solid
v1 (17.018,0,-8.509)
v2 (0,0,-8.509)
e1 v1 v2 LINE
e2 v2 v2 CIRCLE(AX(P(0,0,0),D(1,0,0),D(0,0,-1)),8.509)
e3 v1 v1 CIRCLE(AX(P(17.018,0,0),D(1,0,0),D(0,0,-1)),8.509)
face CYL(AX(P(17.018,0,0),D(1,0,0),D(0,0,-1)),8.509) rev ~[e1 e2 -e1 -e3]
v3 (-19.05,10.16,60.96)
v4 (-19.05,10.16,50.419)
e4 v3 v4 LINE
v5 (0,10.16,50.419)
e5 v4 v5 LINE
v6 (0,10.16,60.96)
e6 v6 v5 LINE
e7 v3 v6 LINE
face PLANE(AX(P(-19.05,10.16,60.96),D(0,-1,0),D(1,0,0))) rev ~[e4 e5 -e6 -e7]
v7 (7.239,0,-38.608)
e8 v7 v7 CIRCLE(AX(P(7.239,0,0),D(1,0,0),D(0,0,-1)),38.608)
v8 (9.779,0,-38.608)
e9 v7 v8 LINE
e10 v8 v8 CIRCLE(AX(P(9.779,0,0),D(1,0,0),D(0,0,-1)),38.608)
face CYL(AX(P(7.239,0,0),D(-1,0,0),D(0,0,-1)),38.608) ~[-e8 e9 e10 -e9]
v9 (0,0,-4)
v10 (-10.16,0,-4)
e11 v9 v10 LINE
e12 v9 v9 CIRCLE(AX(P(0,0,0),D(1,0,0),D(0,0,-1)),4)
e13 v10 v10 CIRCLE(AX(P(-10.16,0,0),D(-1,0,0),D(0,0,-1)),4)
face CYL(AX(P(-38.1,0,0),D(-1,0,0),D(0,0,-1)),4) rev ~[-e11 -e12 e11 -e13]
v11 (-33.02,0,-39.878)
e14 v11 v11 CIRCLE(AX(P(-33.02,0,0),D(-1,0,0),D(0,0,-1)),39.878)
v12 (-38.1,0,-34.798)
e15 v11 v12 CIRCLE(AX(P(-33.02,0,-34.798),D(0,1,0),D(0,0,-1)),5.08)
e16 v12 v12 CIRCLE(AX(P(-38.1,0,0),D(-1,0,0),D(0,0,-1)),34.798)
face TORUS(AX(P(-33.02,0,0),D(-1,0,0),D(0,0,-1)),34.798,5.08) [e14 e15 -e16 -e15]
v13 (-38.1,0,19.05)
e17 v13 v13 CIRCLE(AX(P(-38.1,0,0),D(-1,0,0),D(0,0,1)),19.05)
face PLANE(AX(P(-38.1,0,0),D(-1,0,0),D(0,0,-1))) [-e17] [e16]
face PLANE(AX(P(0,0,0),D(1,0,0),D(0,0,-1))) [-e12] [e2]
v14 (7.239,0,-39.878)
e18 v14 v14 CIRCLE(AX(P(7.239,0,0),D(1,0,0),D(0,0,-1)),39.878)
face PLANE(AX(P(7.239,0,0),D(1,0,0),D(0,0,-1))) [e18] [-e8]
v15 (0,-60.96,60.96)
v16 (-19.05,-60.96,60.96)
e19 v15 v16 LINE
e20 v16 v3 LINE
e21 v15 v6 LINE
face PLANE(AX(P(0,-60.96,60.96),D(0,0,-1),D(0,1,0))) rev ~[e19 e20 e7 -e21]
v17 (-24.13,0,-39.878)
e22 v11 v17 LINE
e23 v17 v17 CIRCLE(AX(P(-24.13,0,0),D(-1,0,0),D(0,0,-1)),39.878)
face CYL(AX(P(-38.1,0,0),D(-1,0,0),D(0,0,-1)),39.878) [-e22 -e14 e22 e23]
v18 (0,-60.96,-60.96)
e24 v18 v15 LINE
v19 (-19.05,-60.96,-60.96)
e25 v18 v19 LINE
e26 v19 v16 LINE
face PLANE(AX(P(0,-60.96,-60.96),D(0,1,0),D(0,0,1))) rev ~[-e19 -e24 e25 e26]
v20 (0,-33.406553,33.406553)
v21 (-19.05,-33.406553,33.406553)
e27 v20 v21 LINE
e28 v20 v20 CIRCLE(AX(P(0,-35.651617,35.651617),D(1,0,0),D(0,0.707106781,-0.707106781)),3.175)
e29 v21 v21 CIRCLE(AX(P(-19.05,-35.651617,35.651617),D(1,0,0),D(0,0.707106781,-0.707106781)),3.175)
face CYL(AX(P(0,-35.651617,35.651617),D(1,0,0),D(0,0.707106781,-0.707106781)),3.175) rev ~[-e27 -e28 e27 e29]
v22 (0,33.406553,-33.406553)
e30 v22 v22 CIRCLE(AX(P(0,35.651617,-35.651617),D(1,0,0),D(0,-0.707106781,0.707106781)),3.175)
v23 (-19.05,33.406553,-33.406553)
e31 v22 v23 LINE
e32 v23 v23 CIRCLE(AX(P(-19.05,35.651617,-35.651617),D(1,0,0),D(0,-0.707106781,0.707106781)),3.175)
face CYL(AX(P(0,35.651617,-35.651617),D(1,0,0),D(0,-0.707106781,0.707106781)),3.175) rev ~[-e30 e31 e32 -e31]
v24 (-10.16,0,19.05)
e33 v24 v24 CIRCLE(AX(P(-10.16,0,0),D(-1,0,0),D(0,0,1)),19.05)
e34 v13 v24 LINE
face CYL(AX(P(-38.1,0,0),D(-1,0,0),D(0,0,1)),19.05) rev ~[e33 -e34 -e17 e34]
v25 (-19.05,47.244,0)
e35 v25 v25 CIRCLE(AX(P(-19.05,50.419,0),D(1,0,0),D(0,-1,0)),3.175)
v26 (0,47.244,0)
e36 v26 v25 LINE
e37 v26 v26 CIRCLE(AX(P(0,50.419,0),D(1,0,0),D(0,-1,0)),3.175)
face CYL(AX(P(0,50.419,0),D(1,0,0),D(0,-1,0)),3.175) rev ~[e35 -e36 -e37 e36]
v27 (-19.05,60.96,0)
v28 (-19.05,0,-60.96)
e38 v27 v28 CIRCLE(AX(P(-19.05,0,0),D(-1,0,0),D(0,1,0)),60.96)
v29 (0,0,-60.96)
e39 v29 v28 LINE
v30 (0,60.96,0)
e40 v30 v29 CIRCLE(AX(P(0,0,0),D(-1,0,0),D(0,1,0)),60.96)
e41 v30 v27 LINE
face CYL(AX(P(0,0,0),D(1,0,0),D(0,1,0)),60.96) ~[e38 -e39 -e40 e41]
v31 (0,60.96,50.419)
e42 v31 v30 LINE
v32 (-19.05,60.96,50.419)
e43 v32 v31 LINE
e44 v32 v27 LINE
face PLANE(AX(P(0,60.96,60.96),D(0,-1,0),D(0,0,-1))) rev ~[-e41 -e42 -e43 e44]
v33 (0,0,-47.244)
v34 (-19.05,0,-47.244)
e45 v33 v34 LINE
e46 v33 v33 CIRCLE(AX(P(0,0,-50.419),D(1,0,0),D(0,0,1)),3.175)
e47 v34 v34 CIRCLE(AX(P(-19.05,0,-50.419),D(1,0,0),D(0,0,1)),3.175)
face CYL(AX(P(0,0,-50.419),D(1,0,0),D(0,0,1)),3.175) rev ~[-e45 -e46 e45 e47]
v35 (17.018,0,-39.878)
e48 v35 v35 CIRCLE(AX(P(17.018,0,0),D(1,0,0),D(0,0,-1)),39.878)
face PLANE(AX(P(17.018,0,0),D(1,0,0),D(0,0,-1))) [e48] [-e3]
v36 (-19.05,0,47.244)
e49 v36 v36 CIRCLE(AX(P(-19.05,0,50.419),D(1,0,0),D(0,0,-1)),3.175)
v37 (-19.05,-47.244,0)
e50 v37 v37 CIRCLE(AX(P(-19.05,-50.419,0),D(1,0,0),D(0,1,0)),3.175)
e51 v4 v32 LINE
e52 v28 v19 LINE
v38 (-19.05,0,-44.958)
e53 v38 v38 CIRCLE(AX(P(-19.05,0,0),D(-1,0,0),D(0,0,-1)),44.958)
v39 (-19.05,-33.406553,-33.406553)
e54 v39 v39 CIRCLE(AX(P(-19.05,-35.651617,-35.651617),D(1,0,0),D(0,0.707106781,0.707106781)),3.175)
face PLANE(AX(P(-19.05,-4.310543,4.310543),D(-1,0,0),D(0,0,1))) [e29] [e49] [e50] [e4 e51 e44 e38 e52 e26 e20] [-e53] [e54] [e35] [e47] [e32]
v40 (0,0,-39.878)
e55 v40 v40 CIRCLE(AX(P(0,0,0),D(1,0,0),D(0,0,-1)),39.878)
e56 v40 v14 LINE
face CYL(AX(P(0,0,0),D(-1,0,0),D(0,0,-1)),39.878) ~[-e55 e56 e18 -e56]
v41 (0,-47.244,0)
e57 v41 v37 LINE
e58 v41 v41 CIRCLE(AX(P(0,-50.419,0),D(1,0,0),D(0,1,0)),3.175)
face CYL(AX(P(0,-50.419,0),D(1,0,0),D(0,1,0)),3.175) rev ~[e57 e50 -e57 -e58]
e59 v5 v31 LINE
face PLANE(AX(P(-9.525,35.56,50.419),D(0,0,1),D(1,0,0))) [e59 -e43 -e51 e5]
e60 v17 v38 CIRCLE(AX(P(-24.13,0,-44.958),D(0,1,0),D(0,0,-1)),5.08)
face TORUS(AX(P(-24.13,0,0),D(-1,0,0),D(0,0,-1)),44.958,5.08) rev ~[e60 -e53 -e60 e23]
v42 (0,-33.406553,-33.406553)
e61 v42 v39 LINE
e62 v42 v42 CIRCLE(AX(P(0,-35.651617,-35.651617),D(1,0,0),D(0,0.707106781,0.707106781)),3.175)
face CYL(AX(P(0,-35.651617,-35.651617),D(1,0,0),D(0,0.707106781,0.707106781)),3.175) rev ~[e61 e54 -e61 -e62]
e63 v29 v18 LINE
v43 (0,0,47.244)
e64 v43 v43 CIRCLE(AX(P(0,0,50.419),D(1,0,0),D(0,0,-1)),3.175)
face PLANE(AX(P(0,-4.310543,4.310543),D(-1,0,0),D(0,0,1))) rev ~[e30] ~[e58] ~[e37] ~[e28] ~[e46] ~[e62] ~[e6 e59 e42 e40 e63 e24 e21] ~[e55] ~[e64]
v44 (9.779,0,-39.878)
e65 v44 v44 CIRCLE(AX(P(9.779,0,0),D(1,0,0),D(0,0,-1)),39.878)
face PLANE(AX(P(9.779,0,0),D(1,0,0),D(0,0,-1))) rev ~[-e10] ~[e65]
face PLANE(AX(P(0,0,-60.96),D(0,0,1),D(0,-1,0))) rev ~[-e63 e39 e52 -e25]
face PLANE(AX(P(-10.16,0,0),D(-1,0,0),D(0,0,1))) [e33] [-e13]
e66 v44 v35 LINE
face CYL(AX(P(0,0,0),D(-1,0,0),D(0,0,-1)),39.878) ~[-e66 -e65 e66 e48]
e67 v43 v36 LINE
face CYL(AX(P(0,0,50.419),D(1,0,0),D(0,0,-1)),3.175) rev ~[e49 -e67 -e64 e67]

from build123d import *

# Parameters (mm, degrees)
SKETCH1_R                     = 39.878
HOUSING_FITTING_EXTRUDE_DEPTH = 17.018
HOUSING_BODY_1_DEPTH          = 19.05
SKETCH3_R                     = 8.509
IMPELLER_BORE_DEPTH           = 17.018
SKETCH4_R                     = 4
SHAFT_BORE_DEPTH              = 70.612
O_RING_CUT_DEPTH              = 1.27
O_RING_CUT_DEPTH_BACK         = 1.27
SKETCH5_R                     = 39.878
SKETCH5_R_2                   = 38.608
SEAL_START                    = 19.05
SKETCH7_R                     = 39.878
SKETCH7_R_2                   = 4
SEAL_SIDE_BODY_EXT_DEPTH      = 19.05
EXT_FILLET_R                  = 5.08
SKETCH10_W                    = 19.05
SKETCH10_H                    = 50.8
DISCHARGE_CUT_DEPTH           = 10.541
SKETCH11_R                    = 19.05
CUT_EXTRUDE1_DEPTH            = 27.94
SKETCH12_R                    = 3.175
CUT_EXTRUDE2_DEPTH            = 19.05
CIRPATTERN1_COUNT             = 8


with BuildPart() as part:
    # Sketch1 → Housing Fitting Extrude (new body)
    with BuildSketch(Plane(origin=(0, 0, 0), x_dir=(0, 0, -1), z_dir=(1, 0, 0))):
        Circle(SKETCH1_R)
    extrude(amount=HOUSING_FITTING_EXTRUDE_DEPTH)

    # Sketch2 → Housing Body 1 (add)
    with BuildSketch(Plane.ZY):
        with BuildLine():
            Line((60.96, 0), (60.96, 60.96))
            Line((60.96, 60.96), (0, 60.96))
            ThreePointArc((0, 60.96), (-43.105229381, 43.105229381), (-60.96, 0))
            Line((-60.96, 0), (-60.96, -54.61))
            Line((-60.96, -54.61), (-60.96, -60.96))
            Line((-60.96, -60.96), (60.96, -60.96))
            Line((60.96, -60.96), (60.96, -54.61))
            Line((60.96, -54.61), (60.96, 0))
        make_face()
    extrude(amount=HOUSING_BODY_1_DEPTH)

    # Sketch3 → Impeller Bore (cut)
    with BuildSketch(Plane(origin=(17.018, 0, 0), x_dir=(0, 0, -1), z_dir=(1, 0, 0))):
        Circle(SKETCH3_R)
    extrude(amount=-IMPELLER_BORE_DEPTH, mode=Mode.SUBTRACT)

    # Sketch4 → Shaft Bore (cut)
    with BuildSketch(Plane(origin=(0, 0, 0), x_dir=(0, 0, -1), z_dir=(1, 0, 0))):
        Circle(SKETCH4_R)
    extrude(amount=-SHAFT_BORE_DEPTH, mode=Mode.SUBTRACT)

    # Sketch5 → O-Ring Cut (cut, two sides: drawn at the far end of the back side and taken through both)
    with BuildSketch(Plane(origin=(8.509, 0, 0), x_dir=(0, 0, -1), z_dir=(1, 0, 0)).offset(-O_RING_CUT_DEPTH_BACK)):
        Circle(SKETCH5_R)
        Circle(SKETCH5_R_2, mode=Mode.SUBTRACT)
    extrude(amount=O_RING_CUT_DEPTH + O_RING_CUT_DEPTH_BACK, mode=Mode.SUBTRACT)

    # Sketch7 → Seal Side Body Ext (add)
    with BuildSketch(Plane.ZY.offset(19.05).offset(SEAL_START)):
        with Locations(Location((0, 0, 0), (0, 0, 180))):
            Circle(SKETCH7_R)
        with Locations(Location((0, 0, 0), (0, 0, 180))):
            Circle(SKETCH7_R_2, mode=Mode.SUBTRACT)
    extrude(amount=-SEAL_SIDE_BODY_EXT_DEPTH)

    # Ext Fillet
    ext_fillet_edges = [part.edges().sort_by_distance(p)[0] for p in [
        (-38.1, 0, 39.878),
        (-19.05, 0, 39.878),
    ]]
    fillet(ext_fillet_edges, radius=EXT_FILLET_R)

    # Sketch10 → Discharge Cut (cut)
    with BuildSketch(Plane.XY.offset(60.96)):
        with Locations((-9.525, 35.56)):
            Rectangle(SKETCH10_W, SKETCH10_H)
    extrude(amount=-DISCHARGE_CUT_DEPTH, mode=Mode.SUBTRACT)

    # Sketch11 → Cut-Extrude1 (cut)
    with BuildSketch(Plane.ZY.offset(38.1)):
        Circle(SKETCH11_R)
    extrude(amount=-CUT_EXTRUDE1_DEPTH, mode=Mode.SUBTRACT)

    # Sketch12 → Cut-Extrude2 (cut)
    with BuildSketch(Plane(origin=(0, 0, 0), x_dir=(0, 0, -1), z_dir=(1, 0, 0))):
        with Locations((-50.419, 0)):
            Circle(SKETCH12_R)
    cut_extrude2 = extrude(amount=-CUT_EXTRUDE2_DEPTH, mode=Mode.SUBTRACT)

    # CirPattern1: Cut-Extrude2 ×8 about axis, 1 skipped
    cirpattern1_axis = Axis((0, 0, 0), (1, 0, 0))
    add([cut_extrude2.rotate(cirpattern1_axis, i * 360 / CIRPATTERN1_COUNT) for i in range(1, CIRPATTERN1_COUNT) if i not in (7,)], mode=Mode.SUBTRACT)


solid = part.part
